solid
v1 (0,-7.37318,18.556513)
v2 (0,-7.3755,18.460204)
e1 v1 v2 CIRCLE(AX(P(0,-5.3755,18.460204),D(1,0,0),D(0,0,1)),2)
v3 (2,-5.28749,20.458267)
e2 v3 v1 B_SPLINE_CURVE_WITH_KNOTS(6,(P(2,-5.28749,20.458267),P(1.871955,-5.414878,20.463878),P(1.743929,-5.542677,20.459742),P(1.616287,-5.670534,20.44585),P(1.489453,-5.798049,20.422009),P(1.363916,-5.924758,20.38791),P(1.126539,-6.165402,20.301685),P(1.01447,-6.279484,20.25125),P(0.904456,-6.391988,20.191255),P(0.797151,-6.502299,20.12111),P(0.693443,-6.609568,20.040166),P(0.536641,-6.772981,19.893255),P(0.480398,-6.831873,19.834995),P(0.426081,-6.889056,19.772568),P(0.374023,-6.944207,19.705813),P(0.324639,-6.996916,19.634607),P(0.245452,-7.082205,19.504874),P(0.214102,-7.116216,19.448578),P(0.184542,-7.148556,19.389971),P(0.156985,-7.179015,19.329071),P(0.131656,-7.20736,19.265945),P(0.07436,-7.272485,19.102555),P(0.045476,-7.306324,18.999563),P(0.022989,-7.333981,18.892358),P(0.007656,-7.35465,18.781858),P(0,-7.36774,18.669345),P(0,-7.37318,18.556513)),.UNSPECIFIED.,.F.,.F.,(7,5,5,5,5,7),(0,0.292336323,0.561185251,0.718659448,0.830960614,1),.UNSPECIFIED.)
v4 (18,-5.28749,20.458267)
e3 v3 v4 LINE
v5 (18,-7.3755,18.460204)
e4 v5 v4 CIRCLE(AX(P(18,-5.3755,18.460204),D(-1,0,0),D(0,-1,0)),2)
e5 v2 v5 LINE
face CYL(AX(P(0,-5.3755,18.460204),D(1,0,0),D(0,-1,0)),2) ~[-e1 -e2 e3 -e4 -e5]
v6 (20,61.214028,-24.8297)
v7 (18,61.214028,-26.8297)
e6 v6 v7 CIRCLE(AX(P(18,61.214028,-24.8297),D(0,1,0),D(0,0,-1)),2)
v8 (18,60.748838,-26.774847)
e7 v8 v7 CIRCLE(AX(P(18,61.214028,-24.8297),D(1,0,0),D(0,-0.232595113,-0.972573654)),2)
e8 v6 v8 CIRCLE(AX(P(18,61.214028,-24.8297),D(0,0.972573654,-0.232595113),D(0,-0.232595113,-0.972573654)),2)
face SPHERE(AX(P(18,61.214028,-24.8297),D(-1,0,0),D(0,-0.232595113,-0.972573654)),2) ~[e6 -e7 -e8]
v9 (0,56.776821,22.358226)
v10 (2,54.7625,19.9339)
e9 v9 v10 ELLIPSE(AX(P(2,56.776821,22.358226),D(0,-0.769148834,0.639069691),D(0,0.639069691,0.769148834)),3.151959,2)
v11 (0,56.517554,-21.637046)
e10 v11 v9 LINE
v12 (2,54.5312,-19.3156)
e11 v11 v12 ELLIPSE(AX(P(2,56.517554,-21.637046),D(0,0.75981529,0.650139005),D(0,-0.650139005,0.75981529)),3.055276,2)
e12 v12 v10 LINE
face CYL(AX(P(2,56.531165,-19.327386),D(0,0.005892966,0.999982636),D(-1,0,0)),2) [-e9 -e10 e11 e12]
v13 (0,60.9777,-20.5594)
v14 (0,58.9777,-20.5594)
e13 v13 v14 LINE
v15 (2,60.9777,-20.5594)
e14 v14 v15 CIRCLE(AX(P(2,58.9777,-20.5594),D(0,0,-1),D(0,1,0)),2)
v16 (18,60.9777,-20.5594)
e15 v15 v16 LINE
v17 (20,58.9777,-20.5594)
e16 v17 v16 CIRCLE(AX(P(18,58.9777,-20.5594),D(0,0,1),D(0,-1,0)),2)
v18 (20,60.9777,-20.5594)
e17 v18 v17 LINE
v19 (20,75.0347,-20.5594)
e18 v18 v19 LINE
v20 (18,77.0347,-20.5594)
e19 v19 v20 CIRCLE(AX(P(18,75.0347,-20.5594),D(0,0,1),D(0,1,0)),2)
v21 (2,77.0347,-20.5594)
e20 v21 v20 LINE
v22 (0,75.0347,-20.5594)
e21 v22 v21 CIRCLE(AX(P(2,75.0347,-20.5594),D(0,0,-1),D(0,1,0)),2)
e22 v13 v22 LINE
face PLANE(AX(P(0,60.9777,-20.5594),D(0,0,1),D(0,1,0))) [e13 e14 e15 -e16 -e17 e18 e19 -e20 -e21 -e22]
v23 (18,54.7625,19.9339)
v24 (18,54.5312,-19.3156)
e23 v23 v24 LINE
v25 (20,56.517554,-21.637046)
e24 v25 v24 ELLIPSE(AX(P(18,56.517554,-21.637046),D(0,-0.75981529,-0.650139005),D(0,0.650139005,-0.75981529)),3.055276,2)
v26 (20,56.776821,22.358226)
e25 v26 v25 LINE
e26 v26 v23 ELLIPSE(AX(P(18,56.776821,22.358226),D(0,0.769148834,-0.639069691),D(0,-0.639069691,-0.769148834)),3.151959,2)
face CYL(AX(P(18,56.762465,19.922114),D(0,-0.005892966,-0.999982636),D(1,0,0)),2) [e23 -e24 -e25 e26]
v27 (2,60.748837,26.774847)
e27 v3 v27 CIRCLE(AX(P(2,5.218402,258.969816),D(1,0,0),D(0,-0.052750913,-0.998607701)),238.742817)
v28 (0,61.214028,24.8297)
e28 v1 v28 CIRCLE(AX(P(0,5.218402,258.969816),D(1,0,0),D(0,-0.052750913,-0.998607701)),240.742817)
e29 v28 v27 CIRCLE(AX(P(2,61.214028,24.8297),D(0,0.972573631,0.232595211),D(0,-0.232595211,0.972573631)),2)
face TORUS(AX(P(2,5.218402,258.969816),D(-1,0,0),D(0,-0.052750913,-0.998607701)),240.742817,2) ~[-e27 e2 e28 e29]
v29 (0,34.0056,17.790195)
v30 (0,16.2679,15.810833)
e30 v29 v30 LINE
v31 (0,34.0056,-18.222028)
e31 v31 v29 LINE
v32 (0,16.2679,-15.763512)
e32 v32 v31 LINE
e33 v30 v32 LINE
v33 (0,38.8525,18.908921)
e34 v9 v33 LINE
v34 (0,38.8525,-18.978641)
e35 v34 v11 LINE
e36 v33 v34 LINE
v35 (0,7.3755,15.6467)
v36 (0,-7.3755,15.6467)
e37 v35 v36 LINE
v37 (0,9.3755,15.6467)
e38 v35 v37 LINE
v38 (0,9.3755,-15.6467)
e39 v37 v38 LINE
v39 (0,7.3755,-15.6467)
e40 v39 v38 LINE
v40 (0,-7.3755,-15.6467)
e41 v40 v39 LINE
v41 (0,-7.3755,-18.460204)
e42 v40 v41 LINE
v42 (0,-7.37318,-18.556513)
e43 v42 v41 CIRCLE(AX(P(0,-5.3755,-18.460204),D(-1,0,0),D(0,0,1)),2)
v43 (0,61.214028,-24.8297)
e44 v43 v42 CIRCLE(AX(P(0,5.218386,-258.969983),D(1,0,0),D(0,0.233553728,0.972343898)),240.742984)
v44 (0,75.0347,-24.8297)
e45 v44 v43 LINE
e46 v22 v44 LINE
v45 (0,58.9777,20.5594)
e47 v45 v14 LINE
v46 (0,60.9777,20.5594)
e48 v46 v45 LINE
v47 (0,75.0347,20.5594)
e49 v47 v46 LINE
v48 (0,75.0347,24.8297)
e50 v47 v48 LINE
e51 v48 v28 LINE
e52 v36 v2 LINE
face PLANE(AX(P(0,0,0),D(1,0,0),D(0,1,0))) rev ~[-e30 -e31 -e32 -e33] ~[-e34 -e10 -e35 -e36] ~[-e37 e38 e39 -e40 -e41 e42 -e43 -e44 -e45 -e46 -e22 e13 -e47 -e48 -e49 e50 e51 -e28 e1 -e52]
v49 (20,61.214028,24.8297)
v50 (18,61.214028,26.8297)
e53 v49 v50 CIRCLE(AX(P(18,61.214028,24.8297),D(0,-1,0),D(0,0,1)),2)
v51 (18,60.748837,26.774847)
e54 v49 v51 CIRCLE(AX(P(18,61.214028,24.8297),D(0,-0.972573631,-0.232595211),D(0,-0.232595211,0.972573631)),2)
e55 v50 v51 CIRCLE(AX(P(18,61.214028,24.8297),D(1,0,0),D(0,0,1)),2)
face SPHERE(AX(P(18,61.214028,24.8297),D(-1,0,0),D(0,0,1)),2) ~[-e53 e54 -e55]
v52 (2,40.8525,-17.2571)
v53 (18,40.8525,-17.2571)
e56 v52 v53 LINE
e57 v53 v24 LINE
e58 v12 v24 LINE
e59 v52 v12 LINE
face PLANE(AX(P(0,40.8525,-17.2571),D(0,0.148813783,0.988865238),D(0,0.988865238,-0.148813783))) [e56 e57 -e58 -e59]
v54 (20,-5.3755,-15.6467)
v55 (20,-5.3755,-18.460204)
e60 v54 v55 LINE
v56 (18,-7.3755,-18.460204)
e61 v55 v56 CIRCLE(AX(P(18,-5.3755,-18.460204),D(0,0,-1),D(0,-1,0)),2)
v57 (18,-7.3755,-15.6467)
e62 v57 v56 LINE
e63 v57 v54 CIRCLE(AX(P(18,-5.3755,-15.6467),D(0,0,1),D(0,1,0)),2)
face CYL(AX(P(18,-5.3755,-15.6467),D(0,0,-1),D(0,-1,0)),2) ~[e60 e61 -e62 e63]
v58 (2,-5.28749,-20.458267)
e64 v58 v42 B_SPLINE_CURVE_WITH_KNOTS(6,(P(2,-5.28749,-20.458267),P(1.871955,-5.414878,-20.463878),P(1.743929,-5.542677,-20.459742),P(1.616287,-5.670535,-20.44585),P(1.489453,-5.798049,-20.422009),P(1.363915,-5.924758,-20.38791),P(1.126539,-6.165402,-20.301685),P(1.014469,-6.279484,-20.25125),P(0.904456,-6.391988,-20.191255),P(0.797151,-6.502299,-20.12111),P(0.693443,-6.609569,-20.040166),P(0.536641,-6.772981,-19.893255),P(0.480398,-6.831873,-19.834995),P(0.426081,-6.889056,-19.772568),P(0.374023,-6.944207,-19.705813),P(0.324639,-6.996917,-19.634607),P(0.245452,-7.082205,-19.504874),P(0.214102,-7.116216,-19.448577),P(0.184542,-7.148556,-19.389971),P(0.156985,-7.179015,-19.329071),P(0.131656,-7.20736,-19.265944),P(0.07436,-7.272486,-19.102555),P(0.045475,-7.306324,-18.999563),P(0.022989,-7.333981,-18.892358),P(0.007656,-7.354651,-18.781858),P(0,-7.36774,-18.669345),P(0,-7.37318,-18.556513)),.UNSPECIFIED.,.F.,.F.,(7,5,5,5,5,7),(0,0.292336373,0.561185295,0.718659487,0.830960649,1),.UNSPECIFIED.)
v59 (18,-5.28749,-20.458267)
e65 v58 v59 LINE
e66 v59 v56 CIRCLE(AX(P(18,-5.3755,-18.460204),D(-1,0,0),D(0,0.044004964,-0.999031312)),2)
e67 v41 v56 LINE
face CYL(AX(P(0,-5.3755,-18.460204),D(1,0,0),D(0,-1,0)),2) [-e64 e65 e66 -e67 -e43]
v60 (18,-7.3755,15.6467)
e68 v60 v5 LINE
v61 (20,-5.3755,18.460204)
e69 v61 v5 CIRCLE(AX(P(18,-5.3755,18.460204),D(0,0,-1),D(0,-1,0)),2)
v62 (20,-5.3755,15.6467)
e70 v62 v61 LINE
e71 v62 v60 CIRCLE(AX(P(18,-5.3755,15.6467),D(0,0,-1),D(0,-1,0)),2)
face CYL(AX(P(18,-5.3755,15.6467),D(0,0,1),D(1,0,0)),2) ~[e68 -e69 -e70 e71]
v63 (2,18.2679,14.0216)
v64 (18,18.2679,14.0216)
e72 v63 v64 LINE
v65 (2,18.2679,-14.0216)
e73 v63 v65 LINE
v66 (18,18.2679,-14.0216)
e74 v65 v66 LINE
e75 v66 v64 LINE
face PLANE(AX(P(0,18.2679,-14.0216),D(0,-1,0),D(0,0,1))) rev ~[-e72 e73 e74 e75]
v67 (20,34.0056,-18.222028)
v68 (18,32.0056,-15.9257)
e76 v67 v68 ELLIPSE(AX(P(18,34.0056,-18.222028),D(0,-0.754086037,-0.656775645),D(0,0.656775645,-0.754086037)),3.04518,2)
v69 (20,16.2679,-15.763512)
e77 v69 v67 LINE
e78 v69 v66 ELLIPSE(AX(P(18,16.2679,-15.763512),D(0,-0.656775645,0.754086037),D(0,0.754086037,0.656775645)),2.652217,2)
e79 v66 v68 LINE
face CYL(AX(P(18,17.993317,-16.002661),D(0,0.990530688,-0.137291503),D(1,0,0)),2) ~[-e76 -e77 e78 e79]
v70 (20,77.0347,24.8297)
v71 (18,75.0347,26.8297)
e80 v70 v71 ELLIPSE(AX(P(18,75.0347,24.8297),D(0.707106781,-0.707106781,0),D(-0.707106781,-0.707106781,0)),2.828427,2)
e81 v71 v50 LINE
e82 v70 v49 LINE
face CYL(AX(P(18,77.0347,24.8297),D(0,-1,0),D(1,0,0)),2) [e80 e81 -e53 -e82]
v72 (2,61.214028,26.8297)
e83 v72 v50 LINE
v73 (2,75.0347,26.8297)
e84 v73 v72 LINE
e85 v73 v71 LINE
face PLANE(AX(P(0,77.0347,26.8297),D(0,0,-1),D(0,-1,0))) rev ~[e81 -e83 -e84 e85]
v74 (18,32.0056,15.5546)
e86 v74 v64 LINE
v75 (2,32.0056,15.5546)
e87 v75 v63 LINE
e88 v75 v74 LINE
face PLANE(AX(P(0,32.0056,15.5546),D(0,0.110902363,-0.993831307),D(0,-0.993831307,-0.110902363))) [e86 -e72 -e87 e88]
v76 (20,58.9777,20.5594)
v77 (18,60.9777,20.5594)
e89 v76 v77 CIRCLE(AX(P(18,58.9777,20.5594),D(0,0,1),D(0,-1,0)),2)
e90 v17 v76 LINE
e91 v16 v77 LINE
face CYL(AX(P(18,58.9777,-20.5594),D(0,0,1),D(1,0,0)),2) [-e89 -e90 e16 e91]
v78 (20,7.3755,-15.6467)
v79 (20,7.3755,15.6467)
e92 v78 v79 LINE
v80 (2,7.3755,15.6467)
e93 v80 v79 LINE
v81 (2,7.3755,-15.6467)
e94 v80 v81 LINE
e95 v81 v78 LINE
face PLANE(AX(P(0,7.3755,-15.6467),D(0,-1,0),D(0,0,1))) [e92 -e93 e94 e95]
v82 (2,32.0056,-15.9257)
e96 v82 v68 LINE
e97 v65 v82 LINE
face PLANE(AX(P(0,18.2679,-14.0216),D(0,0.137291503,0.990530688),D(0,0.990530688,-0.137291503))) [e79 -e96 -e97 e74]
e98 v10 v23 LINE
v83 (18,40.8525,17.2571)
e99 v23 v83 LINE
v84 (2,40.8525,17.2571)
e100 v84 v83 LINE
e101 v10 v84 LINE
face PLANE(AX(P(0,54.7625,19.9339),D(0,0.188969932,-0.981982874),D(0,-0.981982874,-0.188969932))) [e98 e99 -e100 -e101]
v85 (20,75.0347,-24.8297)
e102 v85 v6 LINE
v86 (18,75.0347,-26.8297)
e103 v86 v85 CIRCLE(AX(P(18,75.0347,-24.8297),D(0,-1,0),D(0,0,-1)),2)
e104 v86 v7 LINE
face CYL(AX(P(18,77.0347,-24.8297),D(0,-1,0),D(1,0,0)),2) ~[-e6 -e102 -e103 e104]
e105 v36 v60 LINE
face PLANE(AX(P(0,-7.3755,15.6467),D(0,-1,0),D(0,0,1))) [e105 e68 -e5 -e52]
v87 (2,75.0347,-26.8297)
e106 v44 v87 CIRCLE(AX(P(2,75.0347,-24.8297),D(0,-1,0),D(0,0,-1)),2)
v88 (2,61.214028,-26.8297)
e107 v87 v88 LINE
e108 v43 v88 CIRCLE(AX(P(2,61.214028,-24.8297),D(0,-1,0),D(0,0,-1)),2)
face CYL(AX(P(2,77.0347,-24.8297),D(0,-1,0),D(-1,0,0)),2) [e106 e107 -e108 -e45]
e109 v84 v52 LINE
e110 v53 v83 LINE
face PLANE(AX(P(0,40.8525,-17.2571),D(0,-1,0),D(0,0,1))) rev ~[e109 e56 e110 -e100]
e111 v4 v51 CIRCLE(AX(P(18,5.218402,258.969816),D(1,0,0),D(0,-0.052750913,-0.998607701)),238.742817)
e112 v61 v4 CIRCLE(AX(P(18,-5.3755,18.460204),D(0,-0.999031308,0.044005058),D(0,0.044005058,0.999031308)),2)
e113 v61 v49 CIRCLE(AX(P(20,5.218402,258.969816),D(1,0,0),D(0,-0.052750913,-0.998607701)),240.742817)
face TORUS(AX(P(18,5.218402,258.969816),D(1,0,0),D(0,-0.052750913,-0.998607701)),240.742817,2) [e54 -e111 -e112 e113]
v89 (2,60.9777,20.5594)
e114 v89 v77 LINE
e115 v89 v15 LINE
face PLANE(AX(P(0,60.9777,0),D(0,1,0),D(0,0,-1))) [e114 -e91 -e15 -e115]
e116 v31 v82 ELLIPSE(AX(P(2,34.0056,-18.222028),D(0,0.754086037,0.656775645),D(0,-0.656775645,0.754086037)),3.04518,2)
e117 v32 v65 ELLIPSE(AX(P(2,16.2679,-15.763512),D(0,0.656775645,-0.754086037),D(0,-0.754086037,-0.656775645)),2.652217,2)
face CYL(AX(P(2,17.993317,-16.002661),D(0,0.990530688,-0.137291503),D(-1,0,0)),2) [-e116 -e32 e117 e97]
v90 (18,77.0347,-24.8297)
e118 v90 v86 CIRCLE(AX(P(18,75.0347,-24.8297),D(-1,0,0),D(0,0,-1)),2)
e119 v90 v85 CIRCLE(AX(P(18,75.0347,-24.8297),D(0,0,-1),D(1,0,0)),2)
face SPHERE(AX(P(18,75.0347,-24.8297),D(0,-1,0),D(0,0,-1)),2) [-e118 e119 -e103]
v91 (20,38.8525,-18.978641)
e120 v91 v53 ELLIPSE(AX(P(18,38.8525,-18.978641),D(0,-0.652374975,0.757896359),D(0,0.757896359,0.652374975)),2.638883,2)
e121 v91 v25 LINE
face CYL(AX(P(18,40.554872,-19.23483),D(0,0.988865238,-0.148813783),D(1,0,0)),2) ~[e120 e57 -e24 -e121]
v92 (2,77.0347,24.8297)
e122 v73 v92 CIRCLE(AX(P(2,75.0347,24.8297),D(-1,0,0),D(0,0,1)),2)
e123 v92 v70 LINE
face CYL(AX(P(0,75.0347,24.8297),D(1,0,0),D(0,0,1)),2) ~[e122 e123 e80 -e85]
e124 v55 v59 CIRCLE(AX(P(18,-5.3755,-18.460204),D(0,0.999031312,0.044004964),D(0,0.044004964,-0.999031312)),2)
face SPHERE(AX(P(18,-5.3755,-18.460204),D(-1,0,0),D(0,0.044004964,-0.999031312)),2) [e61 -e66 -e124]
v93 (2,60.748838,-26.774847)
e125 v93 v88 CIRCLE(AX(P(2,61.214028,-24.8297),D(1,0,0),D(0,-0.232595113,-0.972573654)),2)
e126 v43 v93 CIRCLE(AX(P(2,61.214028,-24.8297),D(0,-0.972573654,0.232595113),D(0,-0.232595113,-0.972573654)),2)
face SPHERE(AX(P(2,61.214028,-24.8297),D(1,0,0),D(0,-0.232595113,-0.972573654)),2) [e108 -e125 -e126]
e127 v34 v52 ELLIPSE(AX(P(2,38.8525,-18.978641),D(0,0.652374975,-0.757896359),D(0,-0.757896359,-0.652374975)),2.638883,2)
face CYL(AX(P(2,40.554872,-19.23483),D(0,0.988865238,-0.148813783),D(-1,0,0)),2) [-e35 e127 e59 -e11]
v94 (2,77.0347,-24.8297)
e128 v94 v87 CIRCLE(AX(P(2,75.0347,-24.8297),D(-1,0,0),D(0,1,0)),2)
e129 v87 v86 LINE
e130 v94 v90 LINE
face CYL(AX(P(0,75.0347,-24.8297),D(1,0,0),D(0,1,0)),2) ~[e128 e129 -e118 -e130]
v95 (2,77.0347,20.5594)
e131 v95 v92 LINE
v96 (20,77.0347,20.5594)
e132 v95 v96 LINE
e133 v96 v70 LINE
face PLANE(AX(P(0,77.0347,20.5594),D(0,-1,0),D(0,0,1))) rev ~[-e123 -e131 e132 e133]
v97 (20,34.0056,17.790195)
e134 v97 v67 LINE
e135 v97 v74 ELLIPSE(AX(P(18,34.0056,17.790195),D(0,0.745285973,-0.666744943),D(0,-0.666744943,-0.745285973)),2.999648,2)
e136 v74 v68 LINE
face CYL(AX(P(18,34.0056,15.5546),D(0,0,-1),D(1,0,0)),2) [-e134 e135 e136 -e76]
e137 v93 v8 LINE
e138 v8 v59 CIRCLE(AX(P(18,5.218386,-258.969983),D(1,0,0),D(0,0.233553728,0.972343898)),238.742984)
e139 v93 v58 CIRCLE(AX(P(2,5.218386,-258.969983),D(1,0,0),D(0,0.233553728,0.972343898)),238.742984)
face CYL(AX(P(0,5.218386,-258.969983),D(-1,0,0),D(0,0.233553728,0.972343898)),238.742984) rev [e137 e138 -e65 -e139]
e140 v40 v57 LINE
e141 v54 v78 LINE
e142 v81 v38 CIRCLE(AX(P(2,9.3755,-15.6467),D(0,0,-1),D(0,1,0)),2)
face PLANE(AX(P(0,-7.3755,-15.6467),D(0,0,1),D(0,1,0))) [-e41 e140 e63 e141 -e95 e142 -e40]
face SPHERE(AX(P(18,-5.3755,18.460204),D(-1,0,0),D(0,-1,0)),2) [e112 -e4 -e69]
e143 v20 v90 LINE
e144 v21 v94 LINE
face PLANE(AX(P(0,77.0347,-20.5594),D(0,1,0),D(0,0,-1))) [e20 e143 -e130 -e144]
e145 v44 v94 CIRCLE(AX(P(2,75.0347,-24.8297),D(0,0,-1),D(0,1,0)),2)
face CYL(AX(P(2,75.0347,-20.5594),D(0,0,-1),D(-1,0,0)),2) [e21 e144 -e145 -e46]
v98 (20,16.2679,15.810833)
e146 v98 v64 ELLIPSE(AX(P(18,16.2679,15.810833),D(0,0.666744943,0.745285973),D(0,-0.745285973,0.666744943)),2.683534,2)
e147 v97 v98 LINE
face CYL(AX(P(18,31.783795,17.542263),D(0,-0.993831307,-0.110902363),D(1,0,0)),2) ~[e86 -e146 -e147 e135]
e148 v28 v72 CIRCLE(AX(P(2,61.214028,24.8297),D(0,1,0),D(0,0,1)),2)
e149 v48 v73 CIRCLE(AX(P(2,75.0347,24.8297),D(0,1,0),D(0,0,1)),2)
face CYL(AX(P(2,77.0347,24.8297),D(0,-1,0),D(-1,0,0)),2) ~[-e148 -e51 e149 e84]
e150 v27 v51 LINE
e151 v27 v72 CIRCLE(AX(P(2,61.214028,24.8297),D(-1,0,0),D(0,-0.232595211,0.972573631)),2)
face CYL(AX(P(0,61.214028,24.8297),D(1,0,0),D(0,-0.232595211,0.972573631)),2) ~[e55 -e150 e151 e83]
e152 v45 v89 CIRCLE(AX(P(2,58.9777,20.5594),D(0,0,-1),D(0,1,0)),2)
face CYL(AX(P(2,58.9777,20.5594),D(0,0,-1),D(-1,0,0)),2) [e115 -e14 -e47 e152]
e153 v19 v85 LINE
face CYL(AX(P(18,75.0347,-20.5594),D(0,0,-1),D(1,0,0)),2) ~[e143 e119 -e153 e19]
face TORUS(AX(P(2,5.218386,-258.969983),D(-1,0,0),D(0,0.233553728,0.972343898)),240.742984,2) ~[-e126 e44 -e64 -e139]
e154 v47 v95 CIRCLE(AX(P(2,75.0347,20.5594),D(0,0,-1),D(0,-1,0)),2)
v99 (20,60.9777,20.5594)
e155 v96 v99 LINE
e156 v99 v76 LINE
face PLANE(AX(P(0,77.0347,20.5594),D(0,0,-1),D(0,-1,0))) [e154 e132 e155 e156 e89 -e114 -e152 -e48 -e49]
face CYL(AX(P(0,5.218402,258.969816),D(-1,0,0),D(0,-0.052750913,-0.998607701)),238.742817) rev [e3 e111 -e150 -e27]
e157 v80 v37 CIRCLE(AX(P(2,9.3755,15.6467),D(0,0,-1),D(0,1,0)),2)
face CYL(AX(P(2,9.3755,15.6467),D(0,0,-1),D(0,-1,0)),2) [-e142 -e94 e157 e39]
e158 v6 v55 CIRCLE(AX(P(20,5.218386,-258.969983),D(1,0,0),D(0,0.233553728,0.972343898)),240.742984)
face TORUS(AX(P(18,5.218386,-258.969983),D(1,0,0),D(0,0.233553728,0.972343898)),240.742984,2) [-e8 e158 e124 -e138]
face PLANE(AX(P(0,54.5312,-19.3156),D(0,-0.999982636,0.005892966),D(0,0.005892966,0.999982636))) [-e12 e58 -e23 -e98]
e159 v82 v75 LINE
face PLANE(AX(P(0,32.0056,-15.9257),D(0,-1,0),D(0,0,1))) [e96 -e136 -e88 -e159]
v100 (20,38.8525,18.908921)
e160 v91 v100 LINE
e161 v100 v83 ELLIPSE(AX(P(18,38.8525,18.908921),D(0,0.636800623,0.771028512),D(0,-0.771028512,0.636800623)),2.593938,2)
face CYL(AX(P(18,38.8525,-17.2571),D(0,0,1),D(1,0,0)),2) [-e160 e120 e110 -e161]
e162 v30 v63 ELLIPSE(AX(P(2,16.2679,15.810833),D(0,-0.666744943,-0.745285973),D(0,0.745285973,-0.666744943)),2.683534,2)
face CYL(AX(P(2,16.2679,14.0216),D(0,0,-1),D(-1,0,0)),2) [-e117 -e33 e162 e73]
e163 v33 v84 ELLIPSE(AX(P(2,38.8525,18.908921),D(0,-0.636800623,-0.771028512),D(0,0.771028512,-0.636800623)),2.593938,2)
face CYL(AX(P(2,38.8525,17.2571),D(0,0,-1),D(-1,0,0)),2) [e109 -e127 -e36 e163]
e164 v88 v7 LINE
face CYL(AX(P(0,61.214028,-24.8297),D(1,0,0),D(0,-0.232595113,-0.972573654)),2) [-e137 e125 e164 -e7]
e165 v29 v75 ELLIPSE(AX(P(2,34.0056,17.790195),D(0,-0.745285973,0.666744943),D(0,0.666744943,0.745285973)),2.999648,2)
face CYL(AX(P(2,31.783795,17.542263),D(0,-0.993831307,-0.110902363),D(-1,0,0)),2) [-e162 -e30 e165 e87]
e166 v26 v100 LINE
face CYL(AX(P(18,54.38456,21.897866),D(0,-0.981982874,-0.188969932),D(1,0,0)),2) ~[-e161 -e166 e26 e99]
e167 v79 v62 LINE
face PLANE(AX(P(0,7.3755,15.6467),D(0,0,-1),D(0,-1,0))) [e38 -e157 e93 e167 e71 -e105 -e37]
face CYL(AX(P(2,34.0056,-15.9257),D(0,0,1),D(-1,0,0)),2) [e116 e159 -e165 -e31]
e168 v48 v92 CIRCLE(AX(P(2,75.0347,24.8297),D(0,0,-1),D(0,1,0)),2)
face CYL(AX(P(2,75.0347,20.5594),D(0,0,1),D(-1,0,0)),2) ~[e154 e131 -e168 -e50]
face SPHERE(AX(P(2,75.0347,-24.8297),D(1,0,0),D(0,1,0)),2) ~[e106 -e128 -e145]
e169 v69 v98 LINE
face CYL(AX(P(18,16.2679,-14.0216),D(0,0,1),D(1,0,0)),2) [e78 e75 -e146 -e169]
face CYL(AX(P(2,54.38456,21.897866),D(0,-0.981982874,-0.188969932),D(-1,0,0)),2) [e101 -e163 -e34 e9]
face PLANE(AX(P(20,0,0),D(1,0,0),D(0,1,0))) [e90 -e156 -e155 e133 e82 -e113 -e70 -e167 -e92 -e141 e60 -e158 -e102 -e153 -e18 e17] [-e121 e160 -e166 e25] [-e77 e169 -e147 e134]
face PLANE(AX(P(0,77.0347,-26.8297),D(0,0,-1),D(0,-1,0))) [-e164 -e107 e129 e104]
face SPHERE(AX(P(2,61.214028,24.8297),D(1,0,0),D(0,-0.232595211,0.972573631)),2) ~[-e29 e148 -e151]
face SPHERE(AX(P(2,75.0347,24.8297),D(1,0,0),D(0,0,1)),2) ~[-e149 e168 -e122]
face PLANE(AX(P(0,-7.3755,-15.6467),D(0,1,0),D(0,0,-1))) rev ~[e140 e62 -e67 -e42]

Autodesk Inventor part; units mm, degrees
ref_plane "YZ Plane" through (0, 0, 0) normal (1, 0, 0) x (0, 1, 0)
ref_plane "XZ Plane" through (0, 0, 0) normal (0, 1, 0) x (-1, 0, 0)
ref_plane "XY Plane" through (0, 0, 0) normal (0, 0, 1) x (1, 0, 0)
sketch "Sketch2" plane through (0, 0, 0) normal (1, 0, 0) x (0, 1, 0)
  line L0 (-7.3755, -15.6467) -> (7.3755, -15.6467)
  line L1 (7.3755, -15.6467) -> (7.3755, 15.6467)
  line L2 (7.3755, 15.6467) -> (-7.3755, 15.6467)
  line L3 (-7.3755, -15.6467) -> (7.3755, 15.6467) construction
  line L4 (7.3755, -15.6467) -> (-7.3755, 15.6467) construction
  line L5 (60.9777, -20.5594) -> (77.0347, -20.5594)
  line L6 (77.0347, 20.5594) -> (60.9777, 20.5594)
  line L7 (60.9777, 20.5594) -> (60.9777, -20.5594)
  line L8 (60.9777, -20.5594) -> (61.2067, -19.973) construction
  line L9 (77.0347, -20.5594) -> (77.0347, -26.8297)
  line L10 (77.0347, -26.8297) -> (60.9777, -26.8297)
  line L11 (77.0347, 20.5594) -> (77.0347, 26.8297)
  line L12 (77.0347, 26.8297) -> (60.9777, 26.8297)
  line L13 (-7.3755, -15.6467) -> (-7.3755, -20.5594)
  line L14 (-7.3755, 15.6467) -> (-7.3755, 20.5594)
  arc A0 (-7.3755, 20.5594) -> (60.9777, 26.8297) centre (5.2184, 258.9699) ccw
  line L15 (105.2893, 0) -> (-40.5688, 0)
  arc A1 (60.9777, -26.8297) -> (-7.3755, -20.5594) centre (5.2184, -258.9699) ccw
  line L16 (18.2679, -14.0216) -> (18.2679, 14.0216)
  line L17 (31.1322, -14.0216) -> (18.2679, 14.0216) construction
  line L18 (18.2679, -14.0216) -> (31.1322, 14.0216) construction
  line L19 (40.8525, -17.2571) -> (40.8525, 17.2571)
  line L20 (53.7613, -17.2571) -> (40.8525, 17.2571) construction
  line L21 (40.8525, -17.2571) -> (53.7613, 17.2571) construction
  line L22 (40.8525, -17.2571) -> (54.5312, -19.3156)
  line L23 (54.5312, -19.3156) -> (54.7625, 19.9339)
  line L24 (54.7625, 19.9339) -> (40.8525, 17.2571)
  line L25 (18.2679, -14.0216) -> (32.0056, -15.9257)
  line L26 (32.0056, -15.9257) -> (32.0056, 15.5546)
  line L27 (32.0056, 15.5546) -> (18.2679, 14.0216)
  point P0 (0, 0)
  point P1 (24.7, 0)
  point P2 (47.3069, 0)
  dimension "d5" = 6.2703
  dimension "d6" = 6.2703
  dimension "d7" = 34.5141
  dimension "d8" = 34.5141
extrude "Extrusion2" add sketch "Sketch2" along normal blind 20 contours L0 L1 L15 L16 L25 L26 L19 L22 L23 L7 L5 L9 L10 A1 L13 | L1 L2 L14 A0 L12 L11 L6 L7 L15 L23 L24 L19 L26 L27 L16
sketch "Sketch3" plane through (0, 60.9777, -26.8297) normal (0, 0, -1) x (-1, 0, 0)
  point P0 (0, -60.9777)
fillet "Fillet2" radius 2 38 edges at (20, 69.0062, 26.8297) (20, 27.0276, 21.2253) (10, 60.9777, 26.8297) (0, 27.0276, 21.2253) (10, -7.3755, 20.5594) (10, 77.0347, 26.8297) (0, 69.0062, 26.8297) (20, 69.0062, -26.8297) (10, 77.0347, -26.8297) (0, 77.0347, 23.6946) (0, 77.0347, -23.6946) (20, 77.0347, -23.6946) (20, 60.9777, 0) (0, 60.9777, 0) (20, 54.6469, 0.3091) (20, 40.8525, 0) (20, 32.0056, -0.1855) (20, 18.2679, 0) (20, 25.1367, -14.9737) (20, 25.1367, 14.7881) (20, 47.8075, 18.5955) (20, 47.6919, -18.2863) (20, -7.3755, -18.1031) (20, -7.3755, 18.1031) (0, 27.0276, -21.2253) (0, 69.0062, -26.8297) (10, 60.9777, -26.8297) (10, -7.3755, -20.5594) (20, 27.0276, -21.2253) (0, 7.3755, 0) (0, 18.2679, 0) (0, 32.0056, -0.1855) (0, 40.8525, 0) (0, 54.6469, 0.3091) (0, 47.8075, 18.5955) (0, 25.1367, 14.7881) (0, 25.1367, -14.9737) (0, 47.6919, -18.2863)
properties part number "arm_mid_link"
